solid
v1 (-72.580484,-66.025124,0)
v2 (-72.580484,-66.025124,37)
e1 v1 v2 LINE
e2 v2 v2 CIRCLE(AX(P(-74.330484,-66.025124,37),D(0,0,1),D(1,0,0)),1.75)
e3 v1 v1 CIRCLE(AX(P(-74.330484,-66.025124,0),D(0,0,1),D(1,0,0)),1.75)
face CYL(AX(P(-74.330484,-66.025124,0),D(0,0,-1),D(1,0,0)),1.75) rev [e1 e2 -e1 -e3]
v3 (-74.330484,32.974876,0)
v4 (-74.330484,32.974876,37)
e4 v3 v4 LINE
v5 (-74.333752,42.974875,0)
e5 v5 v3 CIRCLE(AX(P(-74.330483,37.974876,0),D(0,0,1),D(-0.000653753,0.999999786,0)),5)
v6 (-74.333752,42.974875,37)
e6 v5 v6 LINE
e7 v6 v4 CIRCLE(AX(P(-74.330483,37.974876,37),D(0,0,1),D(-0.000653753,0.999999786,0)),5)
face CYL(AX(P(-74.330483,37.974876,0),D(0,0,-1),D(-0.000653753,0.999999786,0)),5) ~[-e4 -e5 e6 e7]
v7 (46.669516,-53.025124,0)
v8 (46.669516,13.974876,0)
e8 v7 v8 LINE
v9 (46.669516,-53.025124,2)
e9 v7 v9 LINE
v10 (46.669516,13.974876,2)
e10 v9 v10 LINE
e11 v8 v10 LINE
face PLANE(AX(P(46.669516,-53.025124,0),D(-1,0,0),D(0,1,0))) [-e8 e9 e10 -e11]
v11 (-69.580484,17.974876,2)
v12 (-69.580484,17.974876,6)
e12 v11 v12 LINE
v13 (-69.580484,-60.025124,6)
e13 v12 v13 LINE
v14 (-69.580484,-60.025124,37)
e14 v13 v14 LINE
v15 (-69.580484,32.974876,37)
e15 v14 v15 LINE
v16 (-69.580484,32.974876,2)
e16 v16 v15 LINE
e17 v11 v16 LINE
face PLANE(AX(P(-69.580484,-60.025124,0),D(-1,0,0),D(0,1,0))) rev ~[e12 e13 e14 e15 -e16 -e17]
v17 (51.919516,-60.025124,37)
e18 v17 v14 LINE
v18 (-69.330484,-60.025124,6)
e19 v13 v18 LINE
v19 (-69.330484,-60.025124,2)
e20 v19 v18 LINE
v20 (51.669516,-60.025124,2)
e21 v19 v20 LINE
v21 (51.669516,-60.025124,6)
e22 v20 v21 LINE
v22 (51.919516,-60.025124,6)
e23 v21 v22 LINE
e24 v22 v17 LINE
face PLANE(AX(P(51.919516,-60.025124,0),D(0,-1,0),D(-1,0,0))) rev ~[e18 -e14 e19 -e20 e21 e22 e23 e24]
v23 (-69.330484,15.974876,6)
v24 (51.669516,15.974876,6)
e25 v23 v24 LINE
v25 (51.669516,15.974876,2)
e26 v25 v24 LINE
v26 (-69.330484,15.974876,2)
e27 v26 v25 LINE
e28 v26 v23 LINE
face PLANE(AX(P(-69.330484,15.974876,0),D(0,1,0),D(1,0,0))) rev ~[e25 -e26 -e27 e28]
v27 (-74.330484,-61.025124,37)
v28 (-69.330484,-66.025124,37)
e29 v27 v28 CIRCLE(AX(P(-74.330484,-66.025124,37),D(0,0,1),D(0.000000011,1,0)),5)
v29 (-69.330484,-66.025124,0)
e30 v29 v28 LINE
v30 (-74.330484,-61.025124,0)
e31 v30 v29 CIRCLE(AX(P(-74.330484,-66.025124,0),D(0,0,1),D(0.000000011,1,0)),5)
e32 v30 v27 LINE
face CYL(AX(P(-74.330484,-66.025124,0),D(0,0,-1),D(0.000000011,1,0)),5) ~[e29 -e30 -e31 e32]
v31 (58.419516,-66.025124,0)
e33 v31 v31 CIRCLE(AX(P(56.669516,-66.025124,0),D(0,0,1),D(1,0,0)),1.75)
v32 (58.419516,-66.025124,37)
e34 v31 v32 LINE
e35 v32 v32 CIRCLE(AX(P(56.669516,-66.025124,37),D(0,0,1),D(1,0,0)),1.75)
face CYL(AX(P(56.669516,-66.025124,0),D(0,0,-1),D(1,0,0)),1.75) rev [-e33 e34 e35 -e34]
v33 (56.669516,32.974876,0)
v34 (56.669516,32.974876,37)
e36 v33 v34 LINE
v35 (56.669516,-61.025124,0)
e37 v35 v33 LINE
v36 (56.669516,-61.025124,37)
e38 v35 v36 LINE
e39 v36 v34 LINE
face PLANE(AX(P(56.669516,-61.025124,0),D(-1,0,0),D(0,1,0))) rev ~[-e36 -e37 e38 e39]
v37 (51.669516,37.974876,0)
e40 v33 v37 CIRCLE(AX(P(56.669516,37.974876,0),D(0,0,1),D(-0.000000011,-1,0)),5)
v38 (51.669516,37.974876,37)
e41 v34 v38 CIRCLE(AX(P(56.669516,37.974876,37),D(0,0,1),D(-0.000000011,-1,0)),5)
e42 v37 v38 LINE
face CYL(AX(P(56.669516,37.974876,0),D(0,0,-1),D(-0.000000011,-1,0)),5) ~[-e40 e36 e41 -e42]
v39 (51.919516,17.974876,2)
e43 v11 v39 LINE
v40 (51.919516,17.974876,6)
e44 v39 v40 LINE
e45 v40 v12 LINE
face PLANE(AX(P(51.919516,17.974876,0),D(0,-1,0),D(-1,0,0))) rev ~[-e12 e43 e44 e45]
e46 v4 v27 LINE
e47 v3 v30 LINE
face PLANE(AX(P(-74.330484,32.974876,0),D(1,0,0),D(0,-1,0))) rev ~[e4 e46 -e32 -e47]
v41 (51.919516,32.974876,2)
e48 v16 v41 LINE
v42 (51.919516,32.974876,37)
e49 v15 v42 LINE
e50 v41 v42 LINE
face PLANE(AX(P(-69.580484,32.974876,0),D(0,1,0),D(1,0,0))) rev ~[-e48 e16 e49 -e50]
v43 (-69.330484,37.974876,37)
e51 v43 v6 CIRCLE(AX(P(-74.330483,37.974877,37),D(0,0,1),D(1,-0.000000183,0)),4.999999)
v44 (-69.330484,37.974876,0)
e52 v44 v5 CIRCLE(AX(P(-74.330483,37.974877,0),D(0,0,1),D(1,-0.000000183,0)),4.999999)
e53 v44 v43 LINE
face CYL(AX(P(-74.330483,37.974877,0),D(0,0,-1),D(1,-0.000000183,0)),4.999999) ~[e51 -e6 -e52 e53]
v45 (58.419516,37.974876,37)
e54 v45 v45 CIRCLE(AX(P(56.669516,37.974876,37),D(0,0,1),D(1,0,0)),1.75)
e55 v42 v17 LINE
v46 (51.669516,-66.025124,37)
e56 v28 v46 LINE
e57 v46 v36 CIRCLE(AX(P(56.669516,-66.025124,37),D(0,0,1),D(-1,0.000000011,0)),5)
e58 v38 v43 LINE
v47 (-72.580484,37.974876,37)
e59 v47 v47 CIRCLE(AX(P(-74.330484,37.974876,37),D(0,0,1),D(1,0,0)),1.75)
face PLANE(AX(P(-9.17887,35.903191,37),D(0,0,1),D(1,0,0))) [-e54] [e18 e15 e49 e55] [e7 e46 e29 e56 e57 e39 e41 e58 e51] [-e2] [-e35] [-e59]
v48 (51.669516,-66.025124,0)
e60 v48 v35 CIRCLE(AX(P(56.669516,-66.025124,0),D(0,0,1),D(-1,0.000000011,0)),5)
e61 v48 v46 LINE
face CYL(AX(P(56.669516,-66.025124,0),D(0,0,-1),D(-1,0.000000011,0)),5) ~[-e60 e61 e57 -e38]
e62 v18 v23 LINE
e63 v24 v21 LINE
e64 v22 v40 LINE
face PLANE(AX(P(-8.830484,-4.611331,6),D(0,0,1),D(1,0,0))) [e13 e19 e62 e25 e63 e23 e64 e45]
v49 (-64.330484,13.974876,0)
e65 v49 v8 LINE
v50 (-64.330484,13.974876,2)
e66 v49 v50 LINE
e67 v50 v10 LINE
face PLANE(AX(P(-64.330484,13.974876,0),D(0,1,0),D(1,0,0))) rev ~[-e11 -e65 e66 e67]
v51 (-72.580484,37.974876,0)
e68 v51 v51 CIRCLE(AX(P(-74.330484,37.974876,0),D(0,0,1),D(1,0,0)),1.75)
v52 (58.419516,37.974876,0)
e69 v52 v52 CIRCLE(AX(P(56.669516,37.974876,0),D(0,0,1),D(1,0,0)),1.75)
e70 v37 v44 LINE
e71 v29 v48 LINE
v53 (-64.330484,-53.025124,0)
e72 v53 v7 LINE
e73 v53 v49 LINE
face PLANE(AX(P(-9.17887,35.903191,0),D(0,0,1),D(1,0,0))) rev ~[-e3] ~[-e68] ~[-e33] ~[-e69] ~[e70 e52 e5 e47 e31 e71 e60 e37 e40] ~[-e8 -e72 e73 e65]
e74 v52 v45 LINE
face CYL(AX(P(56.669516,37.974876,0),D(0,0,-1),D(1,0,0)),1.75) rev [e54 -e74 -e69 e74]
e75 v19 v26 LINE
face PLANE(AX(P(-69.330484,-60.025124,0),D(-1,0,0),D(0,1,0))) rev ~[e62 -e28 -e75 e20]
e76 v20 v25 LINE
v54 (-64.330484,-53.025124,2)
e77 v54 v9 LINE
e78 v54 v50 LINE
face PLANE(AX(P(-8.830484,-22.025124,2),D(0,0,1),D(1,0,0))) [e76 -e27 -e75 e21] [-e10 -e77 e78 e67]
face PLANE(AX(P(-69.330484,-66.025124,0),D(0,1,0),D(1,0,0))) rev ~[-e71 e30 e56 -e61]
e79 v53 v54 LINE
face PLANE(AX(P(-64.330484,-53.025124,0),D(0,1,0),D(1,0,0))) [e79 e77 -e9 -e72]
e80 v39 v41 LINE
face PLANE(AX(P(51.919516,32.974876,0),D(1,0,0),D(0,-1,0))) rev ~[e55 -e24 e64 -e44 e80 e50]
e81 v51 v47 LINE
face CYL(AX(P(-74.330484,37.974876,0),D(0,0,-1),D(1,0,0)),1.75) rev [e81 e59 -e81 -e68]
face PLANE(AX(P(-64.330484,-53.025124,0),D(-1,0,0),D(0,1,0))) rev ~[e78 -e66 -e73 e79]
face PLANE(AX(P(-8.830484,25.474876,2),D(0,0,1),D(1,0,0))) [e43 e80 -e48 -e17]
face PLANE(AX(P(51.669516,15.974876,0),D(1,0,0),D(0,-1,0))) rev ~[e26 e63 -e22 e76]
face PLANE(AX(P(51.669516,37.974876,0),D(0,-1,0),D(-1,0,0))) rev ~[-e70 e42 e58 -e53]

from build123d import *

# Parameters (mm, degrees)
F0_W     = 121
F0_H     = 76
F0_W_2   = 111
F0_H_2   = 67
F1_DEPTH = 2
F2_DEPTH = 6
F0_W_3   = 121.5
F0_H_3   = 15
F3_DEPTH = 2
F0_R     = 1.75
F4_DEPTH = 37


with BuildPart() as f1:
    # F0 (on Top) → F1 (new body)
    with BuildSketch(Plane.XY):
        with Locations((-8.830484, -22.025124)):
            Rectangle(F0_W, F0_H)
        with Locations((-8.830484, -19.525124)):
            Rectangle(F0_W_2, F0_H_2, mode=Mode.SUBTRACT)
    extrude(amount=F1_DEPTH)

    # F0 (on Top) → F2 (join)
    with BuildSketch(Plane.XY):
        Polygon((-69.580484, -60.025124), (-69.330484, -60.025124), (-69.330484, 15.974876), (51.669516, 15.974876), (51.669516, -60.025124), (51.919516, -60.025124), (51.919516, 17.974876), (-69.580484, 17.974876), align=None)
    extrude(amount=F2_DEPTH)

    # F0 (on Top) → F3 (join)
    with BuildSketch(Plane.XY):
        with Locations((-8.830484, 25.474876)):
            Rectangle(F0_W_3, F0_H_3)
    extrude(amount=F3_DEPTH)

    # F0 (on Top) → F4 (join)
    with BuildSketch(Plane.XY):
        with BuildLine():
            Line((-74.330484, 32.974876), (-69.580484, 32.974876))
            Line((-69.580484, 32.974876), (51.919516, 32.974876))
            Line((51.919516, 32.974876), (56.669516, 32.974876))
            ThreePointArc((56.669516, 32.974876), (60.20505, 41.51041), (51.669516, 37.974876))
            Line((51.669516, 37.974876), (-69.330484, 37.974876))
            ThreePointArc((-69.330484, 37.974876), (-70.796105, 41.511565), (-74.333752, 42.974875))
            ThreePointArc((-74.333752, 42.974875), (-79.330483, 37.973242), (-74.330484, 32.974876))
        make_face()
        with Locations((-74.330484, 37.974876)):
            Circle(F0_R, mode=Mode.SUBTRACT)
        with Locations((56.669516, 37.974876)):
            Circle(F0_R, mode=Mode.SUBTRACT)
        with BuildLine():
            Line((51.669516, -60.025124), (-69.330484, -60.025124))
            Line((-69.330484, -60.025124), (-69.580484, -60.025124))
            Line((-69.580484, -60.025124), (-69.580484, 17.974876))
            Line((-69.580484, 17.974876), (-69.580484, 32.974876))
            Line((-69.580484, 32.974876), (-74.330484, 32.974876))
            Line((-74.330484, 32.974876), (-74.330484, -61.025124))
            ThreePointArc((-74.330484, -61.025124), (-77.866018, -69.560658), (-69.330484, -66.025124))
            Line((-69.330484, -66.025124), (51.669516, -66.025124))
            ThreePointArc((51.669516, -66.025124), (60.20505, -69.560658), (56.669516, -61.025124))
            Line((56.669516, -61.025124), (56.669516, 32.974876))
            Line((56.669516, 32.974876), (51.919516, 32.974876))
            Line((51.919516, 32.974876), (51.919516, 17.974876))
            Line((51.919516, 17.974876), (51.919516, -60.025124))
            Line((51.919516, -60.025124), (51.669516, -60.025124))
        make_face()
        with Locations((-74.330484, -66.025124)):
            Circle(F0_R, mode=Mode.SUBTRACT)
        with Locations((56.669516, -66.025124)):
            Circle(F0_R, mode=Mode.SUBTRACT)
    extrude(amount=F4_DEPTH)


solid = f1.part
